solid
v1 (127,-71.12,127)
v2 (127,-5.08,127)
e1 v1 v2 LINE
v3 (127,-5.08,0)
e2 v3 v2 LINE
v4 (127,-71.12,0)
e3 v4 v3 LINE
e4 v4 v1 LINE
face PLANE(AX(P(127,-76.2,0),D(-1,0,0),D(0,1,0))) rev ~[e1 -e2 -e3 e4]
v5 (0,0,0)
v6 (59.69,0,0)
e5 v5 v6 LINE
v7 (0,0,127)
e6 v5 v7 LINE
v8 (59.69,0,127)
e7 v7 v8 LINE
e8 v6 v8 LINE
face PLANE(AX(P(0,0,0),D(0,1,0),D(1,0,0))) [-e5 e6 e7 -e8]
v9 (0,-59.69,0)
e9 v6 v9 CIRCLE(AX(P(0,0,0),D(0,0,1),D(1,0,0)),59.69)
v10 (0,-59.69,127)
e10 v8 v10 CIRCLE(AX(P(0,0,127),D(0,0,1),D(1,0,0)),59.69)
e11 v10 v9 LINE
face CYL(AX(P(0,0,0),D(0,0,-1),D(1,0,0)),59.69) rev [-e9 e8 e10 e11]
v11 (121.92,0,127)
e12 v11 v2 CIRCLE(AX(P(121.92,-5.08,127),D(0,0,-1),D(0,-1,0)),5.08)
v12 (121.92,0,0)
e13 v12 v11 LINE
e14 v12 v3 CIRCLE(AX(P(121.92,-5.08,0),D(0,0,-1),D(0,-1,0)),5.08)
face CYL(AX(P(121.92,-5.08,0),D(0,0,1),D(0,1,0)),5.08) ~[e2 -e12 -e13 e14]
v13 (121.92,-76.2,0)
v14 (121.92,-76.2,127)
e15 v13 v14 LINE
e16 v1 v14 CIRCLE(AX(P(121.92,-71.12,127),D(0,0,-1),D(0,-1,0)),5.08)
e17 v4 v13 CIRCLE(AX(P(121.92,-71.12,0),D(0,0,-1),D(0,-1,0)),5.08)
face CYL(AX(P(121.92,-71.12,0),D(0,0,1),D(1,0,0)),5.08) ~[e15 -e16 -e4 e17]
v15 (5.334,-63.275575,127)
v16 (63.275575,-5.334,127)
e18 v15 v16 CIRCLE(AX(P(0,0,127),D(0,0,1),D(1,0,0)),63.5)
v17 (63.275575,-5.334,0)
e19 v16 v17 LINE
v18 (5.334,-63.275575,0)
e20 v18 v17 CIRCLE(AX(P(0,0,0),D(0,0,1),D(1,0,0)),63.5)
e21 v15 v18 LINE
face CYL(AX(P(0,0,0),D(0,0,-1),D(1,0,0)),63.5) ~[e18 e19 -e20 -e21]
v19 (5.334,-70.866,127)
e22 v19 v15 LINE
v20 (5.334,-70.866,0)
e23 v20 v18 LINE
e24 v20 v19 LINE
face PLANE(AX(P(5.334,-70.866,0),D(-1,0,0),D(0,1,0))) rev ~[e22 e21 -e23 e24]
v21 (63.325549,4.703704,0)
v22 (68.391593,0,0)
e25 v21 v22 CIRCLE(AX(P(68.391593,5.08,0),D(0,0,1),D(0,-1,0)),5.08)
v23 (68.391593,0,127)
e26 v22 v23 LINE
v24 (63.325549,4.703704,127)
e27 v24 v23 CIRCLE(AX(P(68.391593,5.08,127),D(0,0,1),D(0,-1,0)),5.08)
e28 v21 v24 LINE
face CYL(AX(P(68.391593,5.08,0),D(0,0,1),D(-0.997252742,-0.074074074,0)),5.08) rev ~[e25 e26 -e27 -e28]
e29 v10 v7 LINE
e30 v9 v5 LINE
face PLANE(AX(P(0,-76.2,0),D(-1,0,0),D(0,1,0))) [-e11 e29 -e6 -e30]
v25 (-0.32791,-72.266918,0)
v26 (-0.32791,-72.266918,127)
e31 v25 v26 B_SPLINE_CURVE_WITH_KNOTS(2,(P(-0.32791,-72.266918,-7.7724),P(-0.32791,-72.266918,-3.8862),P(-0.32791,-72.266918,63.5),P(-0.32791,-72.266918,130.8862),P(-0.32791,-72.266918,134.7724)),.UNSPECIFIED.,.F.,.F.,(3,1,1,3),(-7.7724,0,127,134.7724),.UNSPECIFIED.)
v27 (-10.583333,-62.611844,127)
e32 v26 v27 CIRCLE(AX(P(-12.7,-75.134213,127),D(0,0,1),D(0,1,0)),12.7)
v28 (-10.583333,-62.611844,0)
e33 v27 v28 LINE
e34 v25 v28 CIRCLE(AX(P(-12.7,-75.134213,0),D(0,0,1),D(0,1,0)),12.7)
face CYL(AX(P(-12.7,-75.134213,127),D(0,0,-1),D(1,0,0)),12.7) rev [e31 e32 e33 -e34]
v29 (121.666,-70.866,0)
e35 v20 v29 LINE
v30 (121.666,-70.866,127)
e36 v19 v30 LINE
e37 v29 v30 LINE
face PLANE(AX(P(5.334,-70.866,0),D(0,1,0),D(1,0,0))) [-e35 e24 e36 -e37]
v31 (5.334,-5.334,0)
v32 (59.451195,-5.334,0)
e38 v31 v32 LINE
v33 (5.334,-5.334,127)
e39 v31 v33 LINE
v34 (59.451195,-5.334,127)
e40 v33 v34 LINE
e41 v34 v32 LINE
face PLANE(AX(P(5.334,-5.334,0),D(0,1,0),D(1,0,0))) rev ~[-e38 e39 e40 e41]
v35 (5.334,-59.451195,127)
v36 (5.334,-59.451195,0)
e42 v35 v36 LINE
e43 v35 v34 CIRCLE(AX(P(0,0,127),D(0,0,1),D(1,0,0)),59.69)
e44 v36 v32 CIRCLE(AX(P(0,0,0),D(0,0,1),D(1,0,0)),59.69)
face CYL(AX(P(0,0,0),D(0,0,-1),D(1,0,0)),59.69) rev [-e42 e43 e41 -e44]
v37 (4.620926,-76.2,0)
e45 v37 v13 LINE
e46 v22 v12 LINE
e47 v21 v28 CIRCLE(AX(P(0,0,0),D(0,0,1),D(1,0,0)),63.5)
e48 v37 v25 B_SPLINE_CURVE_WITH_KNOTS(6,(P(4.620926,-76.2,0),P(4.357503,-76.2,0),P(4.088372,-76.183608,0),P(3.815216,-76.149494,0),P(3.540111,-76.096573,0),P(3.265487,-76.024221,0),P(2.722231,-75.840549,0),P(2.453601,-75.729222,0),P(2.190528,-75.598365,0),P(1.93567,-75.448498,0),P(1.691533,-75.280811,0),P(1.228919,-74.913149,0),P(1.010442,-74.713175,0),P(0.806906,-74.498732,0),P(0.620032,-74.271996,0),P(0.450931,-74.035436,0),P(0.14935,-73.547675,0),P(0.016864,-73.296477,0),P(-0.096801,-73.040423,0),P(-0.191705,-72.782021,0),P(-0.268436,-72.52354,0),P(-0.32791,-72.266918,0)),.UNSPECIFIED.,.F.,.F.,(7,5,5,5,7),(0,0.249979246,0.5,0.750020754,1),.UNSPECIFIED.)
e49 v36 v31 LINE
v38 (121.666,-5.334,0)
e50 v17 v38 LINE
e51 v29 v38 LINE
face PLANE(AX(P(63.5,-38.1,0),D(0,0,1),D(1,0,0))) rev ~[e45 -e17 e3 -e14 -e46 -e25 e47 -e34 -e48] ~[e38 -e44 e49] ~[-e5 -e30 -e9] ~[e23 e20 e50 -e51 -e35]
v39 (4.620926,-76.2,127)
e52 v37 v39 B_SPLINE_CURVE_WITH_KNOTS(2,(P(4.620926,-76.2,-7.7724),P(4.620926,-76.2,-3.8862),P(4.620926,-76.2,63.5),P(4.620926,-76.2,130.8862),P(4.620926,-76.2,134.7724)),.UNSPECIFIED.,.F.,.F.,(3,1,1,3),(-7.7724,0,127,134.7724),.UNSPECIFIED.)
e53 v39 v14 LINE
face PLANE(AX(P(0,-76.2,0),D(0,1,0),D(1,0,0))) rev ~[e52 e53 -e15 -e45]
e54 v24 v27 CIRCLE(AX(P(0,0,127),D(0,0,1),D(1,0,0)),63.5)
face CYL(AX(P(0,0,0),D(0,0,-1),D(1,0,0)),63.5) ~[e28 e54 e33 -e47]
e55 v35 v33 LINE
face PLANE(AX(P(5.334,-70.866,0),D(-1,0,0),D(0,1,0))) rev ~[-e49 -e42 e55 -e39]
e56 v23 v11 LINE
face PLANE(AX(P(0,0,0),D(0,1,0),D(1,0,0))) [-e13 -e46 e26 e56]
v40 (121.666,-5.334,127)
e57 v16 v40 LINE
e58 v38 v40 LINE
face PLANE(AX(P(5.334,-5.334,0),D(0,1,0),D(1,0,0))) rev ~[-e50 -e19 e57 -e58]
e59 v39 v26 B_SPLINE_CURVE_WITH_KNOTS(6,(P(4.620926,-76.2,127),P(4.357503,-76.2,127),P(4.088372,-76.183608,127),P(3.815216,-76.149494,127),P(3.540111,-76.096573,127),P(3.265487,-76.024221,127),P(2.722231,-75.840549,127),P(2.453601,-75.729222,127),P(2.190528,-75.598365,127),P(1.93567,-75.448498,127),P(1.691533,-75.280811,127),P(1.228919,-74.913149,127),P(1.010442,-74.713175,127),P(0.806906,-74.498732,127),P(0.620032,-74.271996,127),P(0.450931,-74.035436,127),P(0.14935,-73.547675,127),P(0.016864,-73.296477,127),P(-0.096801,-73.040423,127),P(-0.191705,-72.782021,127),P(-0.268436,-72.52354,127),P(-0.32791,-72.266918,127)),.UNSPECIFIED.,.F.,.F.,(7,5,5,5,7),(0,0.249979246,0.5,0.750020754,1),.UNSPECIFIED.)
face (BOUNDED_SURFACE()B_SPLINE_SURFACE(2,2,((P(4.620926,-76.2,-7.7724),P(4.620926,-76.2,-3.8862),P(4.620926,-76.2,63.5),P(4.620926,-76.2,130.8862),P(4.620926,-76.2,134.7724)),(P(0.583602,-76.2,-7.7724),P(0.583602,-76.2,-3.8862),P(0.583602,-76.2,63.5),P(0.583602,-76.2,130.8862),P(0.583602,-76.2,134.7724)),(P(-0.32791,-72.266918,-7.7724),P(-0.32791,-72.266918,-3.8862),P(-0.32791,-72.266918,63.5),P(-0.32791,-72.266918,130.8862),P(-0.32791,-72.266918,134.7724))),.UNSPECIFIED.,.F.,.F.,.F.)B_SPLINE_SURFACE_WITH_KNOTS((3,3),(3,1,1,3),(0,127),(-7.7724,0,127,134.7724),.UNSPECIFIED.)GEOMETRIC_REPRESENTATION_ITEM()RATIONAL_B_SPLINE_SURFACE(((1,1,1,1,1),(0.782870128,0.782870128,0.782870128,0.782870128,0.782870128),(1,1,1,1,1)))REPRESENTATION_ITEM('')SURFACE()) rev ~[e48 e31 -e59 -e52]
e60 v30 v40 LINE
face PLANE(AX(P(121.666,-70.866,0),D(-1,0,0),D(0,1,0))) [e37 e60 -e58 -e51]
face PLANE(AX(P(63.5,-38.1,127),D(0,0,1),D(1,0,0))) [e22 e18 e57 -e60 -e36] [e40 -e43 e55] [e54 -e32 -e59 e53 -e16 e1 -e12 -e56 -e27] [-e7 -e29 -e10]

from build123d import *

# Parameters (mm, degrees)
F0_R     = 63.5
F0_R_2   = 59.69
F1_DEPTH = 127
F2_W     = 127
F2_H     = 76.2
F2_W_2   = 116.3319997936
F2_H_2   = 65.5319997936
F3_DEPTH = 127
F4_R     = 12.7
F5_R     = 5.08
F6_R     = 5.08
F7_R     = 5.08
F8_R     = 5.08


with BuildPart() as f1:
    # F0 (on Top) → F1 (new body)
    with BuildSketch(Plane.XY):
        Circle(F0_R)
        Circle(F0_R_2, mode=Mode.SUBTRACT)
    extrude(amount=F1_DEPTH)

    # F2 (on Top) → F3 (join)
    with BuildSketch(Plane.XY):
        with Locations((63.5, -38.1)):
            Rectangle(F2_W, F2_H)
        with Locations((63.5, -38.1)):
            Rectangle(F2_W_2, F2_H_2, mode=Mode.SUBTRACT)
    extrude(amount=F3_DEPTH)

    # F4
    f4_edges = [f1.edges().sort_by_distance(p)[0] for p in [
        (0, -63.5, 63.5),
    ]]
    fillet(f4_edges, radius=F4_R)

    # F5
    f5_edges = [f1.edges().sort_by_distance(p)[0] for p in [
        (63.5, 0, 63.5),
    ]]
    fillet(f5_edges, radius=F5_R)

    # F6
    f6_edges = [f1.edges().sort_by_distance(p)[0] for p in [
        (127, 0, 63.5),
    ]]
    fillet(f6_edges, radius=F6_R)

    # F7
    f7_edges = [f1.edges().sort_by_distance(p)[0] for p in [
        (127, -76.2, 63.5),
    ]]
    fillet(f7_edges, radius=F7_R)

    # F8
    f8_edges = [f1.edges().sort_by_distance(p)[0] for p in [
        (0, -76.2, 63.5),
    ]]
    fillet(f8_edges, radius=F8_R)


solid = f1.part
